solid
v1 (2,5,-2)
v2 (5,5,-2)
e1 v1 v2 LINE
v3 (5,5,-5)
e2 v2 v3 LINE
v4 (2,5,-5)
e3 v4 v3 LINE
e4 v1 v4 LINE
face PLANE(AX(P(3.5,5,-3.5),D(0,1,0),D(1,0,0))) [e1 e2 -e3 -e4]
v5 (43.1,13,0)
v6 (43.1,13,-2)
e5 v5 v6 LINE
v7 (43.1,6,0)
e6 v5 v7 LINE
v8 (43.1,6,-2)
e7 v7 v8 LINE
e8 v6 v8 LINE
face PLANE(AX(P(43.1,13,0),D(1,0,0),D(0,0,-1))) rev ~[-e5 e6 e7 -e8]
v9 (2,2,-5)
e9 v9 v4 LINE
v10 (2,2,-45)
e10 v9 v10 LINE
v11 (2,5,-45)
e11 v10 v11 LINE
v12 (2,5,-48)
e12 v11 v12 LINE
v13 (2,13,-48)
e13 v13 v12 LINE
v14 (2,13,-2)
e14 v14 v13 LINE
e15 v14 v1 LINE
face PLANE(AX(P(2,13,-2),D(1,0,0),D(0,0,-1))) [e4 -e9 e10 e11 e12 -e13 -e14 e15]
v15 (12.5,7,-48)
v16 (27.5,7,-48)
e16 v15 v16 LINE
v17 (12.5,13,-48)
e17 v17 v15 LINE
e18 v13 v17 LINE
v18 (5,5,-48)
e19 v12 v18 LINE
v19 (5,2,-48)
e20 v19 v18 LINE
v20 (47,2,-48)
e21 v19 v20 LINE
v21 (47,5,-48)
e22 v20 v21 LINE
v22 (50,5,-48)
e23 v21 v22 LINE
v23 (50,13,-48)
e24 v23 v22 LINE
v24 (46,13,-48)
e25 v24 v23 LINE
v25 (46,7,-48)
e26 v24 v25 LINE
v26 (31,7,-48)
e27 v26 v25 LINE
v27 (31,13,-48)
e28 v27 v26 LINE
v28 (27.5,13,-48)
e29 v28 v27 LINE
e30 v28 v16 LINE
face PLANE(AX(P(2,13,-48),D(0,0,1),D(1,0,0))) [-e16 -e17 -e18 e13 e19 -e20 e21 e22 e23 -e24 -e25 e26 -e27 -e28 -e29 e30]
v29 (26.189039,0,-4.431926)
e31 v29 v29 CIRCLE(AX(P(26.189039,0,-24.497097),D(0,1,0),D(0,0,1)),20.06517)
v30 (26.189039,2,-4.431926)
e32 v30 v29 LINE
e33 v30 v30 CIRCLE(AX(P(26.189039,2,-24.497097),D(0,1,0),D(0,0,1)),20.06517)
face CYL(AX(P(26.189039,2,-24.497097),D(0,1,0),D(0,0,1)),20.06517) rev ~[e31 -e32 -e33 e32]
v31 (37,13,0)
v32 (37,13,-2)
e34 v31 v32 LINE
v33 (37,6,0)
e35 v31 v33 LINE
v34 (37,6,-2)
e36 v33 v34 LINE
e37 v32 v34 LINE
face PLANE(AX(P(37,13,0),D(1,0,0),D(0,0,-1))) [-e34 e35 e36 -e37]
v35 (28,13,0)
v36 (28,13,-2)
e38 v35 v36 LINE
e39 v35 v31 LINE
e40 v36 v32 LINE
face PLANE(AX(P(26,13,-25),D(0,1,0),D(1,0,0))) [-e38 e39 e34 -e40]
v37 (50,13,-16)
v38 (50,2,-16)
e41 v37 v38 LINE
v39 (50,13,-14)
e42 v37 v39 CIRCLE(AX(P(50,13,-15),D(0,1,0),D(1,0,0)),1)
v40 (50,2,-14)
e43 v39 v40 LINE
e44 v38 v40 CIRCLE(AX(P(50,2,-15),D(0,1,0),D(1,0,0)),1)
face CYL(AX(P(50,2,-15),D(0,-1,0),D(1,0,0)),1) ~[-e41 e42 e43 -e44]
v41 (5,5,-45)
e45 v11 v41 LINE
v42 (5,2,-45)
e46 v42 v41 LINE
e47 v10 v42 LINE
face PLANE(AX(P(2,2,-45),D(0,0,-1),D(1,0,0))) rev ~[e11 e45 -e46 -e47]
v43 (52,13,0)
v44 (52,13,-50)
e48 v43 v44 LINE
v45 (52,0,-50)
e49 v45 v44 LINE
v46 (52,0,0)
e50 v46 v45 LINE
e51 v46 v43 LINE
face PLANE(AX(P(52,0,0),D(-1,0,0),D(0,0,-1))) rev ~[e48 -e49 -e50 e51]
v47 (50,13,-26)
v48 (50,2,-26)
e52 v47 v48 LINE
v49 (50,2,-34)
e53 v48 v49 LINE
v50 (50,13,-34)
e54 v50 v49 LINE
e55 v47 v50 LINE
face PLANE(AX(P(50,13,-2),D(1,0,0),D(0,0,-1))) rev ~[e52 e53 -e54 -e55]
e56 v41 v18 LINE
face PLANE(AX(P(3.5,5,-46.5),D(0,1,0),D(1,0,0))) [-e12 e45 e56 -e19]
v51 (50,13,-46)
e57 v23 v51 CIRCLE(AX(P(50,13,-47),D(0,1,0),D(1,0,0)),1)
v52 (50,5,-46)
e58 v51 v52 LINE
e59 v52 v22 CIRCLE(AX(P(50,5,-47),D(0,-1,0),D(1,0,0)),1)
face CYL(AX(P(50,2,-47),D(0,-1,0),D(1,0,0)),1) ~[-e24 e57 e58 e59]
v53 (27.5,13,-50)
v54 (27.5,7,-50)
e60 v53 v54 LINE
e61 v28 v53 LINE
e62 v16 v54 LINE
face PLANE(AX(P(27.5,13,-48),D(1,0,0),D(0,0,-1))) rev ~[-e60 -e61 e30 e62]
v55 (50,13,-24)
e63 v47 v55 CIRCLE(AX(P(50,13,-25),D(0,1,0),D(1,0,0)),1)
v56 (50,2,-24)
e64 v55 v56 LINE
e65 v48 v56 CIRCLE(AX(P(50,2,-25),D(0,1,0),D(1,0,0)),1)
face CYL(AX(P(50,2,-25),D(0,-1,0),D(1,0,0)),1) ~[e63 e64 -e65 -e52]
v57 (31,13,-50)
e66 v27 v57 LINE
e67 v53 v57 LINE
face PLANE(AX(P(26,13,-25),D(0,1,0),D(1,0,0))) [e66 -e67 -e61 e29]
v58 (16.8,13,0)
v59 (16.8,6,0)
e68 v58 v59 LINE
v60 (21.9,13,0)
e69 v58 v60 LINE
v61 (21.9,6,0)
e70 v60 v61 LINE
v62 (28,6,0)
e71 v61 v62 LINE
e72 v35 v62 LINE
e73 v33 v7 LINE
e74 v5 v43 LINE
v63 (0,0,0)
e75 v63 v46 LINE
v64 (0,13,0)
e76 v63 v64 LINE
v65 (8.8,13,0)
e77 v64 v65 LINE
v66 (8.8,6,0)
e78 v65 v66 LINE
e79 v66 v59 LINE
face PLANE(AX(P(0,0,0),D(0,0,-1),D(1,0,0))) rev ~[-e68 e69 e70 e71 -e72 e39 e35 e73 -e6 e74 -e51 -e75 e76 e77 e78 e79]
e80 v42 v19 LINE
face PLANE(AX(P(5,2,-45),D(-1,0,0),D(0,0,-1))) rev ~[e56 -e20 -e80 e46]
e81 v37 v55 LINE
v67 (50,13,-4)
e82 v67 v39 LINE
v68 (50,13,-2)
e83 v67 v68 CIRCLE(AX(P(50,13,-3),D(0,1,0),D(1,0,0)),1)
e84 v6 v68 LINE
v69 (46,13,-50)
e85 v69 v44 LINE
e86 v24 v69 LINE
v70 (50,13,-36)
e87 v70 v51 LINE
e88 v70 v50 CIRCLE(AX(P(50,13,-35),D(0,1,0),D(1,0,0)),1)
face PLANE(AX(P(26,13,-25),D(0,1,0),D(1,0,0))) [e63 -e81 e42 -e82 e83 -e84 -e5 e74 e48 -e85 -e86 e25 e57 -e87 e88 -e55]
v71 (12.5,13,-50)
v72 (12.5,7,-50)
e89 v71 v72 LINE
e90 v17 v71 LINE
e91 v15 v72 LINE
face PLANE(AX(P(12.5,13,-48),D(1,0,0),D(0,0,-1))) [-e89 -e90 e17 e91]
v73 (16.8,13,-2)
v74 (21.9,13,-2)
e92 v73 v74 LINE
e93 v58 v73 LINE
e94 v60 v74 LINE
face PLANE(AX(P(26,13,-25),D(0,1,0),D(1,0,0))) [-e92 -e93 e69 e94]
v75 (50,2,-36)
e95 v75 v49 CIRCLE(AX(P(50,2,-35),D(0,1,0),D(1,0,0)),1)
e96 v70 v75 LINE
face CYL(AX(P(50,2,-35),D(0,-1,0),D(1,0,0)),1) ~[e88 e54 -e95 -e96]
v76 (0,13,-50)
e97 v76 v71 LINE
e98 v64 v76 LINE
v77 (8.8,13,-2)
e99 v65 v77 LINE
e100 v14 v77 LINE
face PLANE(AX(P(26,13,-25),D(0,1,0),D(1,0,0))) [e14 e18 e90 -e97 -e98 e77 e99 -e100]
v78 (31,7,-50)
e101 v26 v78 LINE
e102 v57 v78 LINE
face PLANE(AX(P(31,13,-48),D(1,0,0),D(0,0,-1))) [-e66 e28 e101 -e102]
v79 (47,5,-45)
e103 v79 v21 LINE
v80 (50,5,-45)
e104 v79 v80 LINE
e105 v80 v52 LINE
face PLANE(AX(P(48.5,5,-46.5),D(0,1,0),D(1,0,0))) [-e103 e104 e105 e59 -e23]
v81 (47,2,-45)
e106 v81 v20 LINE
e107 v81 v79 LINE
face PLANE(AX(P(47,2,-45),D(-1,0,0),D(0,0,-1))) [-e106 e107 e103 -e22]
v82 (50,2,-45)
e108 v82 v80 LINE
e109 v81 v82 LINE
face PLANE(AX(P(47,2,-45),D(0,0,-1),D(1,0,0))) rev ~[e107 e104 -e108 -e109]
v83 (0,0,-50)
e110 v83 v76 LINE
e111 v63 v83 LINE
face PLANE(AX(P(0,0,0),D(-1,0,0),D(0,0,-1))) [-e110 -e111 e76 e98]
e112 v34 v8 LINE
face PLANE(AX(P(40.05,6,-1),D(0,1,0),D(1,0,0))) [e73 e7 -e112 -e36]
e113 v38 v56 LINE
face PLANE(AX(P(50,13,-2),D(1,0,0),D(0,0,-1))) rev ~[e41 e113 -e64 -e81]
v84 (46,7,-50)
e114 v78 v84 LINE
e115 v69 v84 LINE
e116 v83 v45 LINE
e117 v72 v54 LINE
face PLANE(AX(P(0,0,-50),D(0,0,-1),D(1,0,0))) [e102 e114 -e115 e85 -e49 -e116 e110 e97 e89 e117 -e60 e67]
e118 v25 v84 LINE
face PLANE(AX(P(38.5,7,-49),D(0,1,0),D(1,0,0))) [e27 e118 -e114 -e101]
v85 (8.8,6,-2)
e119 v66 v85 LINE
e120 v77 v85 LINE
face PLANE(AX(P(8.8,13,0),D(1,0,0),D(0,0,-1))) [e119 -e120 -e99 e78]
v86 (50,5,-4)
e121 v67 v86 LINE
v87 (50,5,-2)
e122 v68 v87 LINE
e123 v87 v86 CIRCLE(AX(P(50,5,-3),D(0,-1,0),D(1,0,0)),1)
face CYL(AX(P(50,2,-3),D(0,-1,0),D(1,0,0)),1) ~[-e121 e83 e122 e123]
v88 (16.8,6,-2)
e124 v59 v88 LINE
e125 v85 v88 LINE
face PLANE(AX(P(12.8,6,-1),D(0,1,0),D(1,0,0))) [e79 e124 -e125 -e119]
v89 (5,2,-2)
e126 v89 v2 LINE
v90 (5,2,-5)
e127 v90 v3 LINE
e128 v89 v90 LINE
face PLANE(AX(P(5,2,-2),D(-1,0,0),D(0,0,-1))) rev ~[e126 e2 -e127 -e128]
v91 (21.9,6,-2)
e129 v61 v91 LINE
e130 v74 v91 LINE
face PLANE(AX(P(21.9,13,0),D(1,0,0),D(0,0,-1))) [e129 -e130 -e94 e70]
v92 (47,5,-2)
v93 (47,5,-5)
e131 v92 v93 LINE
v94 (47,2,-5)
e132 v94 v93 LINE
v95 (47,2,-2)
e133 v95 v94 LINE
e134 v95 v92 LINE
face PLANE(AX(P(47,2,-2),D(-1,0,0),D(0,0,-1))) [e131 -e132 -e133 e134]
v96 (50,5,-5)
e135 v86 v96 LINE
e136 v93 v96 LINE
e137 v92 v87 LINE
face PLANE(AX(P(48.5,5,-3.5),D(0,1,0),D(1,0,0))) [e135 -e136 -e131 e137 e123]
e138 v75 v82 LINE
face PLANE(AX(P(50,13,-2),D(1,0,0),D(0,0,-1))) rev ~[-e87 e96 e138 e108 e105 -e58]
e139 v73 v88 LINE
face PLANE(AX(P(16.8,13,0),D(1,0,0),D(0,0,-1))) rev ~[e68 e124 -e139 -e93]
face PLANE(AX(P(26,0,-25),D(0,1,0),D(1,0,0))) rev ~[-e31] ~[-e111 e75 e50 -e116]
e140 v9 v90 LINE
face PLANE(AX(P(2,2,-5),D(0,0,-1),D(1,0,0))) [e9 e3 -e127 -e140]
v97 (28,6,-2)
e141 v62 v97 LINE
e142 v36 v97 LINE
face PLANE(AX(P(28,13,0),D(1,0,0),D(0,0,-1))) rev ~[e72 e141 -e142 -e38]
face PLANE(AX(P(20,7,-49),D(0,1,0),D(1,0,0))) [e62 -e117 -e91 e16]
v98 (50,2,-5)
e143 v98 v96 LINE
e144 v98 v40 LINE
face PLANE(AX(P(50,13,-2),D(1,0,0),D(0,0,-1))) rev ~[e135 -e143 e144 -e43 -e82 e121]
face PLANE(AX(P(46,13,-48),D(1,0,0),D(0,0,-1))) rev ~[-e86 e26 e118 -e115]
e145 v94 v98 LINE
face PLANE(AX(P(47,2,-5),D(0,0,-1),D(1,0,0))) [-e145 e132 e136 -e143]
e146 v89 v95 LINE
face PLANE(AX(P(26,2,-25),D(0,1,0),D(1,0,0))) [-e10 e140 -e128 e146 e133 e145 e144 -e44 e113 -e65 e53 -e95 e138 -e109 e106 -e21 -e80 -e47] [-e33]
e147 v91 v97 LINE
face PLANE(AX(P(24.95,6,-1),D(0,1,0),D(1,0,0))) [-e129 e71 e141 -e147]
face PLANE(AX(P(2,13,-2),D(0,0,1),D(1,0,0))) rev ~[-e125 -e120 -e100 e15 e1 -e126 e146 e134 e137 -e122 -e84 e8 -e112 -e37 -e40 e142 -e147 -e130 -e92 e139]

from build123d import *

# Parameters (mm, degrees)
SKETCH1_W           = 52
SKETCH1_H           = 50
BOSS_EXTRUDE1_DEPTH = 13
SKETCH2_W           = 48
SKETCH2_H           = 46
CUT_EXTRUDE1_DEPTH  = 11
SKETCH3_W           = 6.1
SKETCH3_H           = 2
SKETCH3_W_2         = 8
CUT_EXTRUDE2_DEPTH  = 7
SKETCH4_W           = 3
SKETCH4_H           = 3
BOSS_EXTRUDE2_DEPTH = 3
SKETCH5_R           = 1
BOSS_EXTRUDE3_DEPTH = 11
SKETCH13_W          = 15
SKETCH13_H          = 2
CUT_EXTRUDE4_DEPTH  = 6
SKETCH12_R          = 20.065170359
CUT_EXTRUDE3_DEPTH  = 10


with BuildPart() as part:
    # Sketch1 → Boss-Extrude1 (new body)
    with BuildSketch(Plane(origin=(0, 0, 0), x_dir=(1, 0, 0), z_dir=(0, 1, 0))):
        with Locations((26, 25)):
            Rectangle(SKETCH1_W, SKETCH1_H)
    extrude(amount=BOSS_EXTRUDE1_DEPTH)

    # Sketch2 → Cut-Extrude1 (cut)
    with BuildSketch(Plane(origin=(0, 13, 0), x_dir=(1, 0, 0), z_dir=(0, 1, 0))):
        with Locations((26, 25)):
            Rectangle(SKETCH2_W, SKETCH2_H)
    extrude(amount=-CUT_EXTRUDE1_DEPTH, mode=Mode.SUBTRACT)

    # Sketch3 → Cut-Extrude2 (cut)
    with BuildSketch(Plane(origin=(0, 13, 0), x_dir=(1, 0, 0), z_dir=(0, 1, 0))):
        with Locations((40.05, 1)):
            Rectangle(SKETCH3_W, SKETCH3_H)
        with Locations((24.95, 1)):
            Rectangle(SKETCH3_W, SKETCH3_H)
        with Locations((12.8, 1)):
            Rectangle(SKETCH3_W_2, SKETCH3_H)
    extrude(amount=-CUT_EXTRUDE2_DEPTH, mode=Mode.SUBTRACT)

    # Sketch4 → Boss-Extrude2 (add)
    with BuildSketch(Plane(origin=(0, 2, 0), x_dir=(1, 0, 0), z_dir=(0, 1, 0))):
        with Locations((3.5, 46.5)):
            Rectangle(SKETCH4_W, SKETCH4_H)
        with Locations((48.5, 46.5)):
            Rectangle(SKETCH4_W, SKETCH4_H)
        with Locations((3.5, 3.5)):
            Rectangle(SKETCH4_W, SKETCH4_H)
        with Locations((48.5, 3.5)):
            Rectangle(SKETCH4_W, SKETCH4_H)
    extrude(amount=BOSS_EXTRUDE2_DEPTH)

    # Sketch5 → Boss-Extrude3 (add)
    with BuildSketch(Plane(origin=(0, 2, 0), x_dir=(1, 0, 0), z_dir=(0, 1, 0))):
        with Locations((50, 35)):
            Circle(SKETCH5_R)
        with Locations((50, 25)):
            Circle(SKETCH5_R)
        with Locations((50, 15)):
            Circle(SKETCH5_R)
        with Locations((50, 47)):
            Circle(SKETCH5_R)
        with Locations((50, 3)):
            Circle(SKETCH5_R)
    extrude(amount=BOSS_EXTRUDE3_DEPTH)

    # Sketch13 → Cut-Extrude4 (cut)
    with BuildSketch(Plane(origin=(0, 13, 0), x_dir=(1, 0, 0), z_dir=(0, 1, 0))):
        with Locations((38.5, 49)):
            Rectangle(SKETCH13_W, SKETCH13_H)
        with Locations((20, 49)):
            Rectangle(SKETCH13_W, SKETCH13_H)
    extrude(amount=-CUT_EXTRUDE4_DEPTH, mode=Mode.SUBTRACT)

    # Sketch12 → Cut-Extrude3 (cut)
    with BuildSketch(Plane(origin=(0, 2, 0), x_dir=(1, 0, 0), z_dir=(0, 1, 0))):
        with Locations(Location((26.189038813, 24.497096503, 0), (0, 0, 270))):
            Circle(SKETCH12_R)
    extrude(amount=-CUT_EXTRUDE3_DEPTH, mode=Mode.SUBTRACT)


solid = part.part
